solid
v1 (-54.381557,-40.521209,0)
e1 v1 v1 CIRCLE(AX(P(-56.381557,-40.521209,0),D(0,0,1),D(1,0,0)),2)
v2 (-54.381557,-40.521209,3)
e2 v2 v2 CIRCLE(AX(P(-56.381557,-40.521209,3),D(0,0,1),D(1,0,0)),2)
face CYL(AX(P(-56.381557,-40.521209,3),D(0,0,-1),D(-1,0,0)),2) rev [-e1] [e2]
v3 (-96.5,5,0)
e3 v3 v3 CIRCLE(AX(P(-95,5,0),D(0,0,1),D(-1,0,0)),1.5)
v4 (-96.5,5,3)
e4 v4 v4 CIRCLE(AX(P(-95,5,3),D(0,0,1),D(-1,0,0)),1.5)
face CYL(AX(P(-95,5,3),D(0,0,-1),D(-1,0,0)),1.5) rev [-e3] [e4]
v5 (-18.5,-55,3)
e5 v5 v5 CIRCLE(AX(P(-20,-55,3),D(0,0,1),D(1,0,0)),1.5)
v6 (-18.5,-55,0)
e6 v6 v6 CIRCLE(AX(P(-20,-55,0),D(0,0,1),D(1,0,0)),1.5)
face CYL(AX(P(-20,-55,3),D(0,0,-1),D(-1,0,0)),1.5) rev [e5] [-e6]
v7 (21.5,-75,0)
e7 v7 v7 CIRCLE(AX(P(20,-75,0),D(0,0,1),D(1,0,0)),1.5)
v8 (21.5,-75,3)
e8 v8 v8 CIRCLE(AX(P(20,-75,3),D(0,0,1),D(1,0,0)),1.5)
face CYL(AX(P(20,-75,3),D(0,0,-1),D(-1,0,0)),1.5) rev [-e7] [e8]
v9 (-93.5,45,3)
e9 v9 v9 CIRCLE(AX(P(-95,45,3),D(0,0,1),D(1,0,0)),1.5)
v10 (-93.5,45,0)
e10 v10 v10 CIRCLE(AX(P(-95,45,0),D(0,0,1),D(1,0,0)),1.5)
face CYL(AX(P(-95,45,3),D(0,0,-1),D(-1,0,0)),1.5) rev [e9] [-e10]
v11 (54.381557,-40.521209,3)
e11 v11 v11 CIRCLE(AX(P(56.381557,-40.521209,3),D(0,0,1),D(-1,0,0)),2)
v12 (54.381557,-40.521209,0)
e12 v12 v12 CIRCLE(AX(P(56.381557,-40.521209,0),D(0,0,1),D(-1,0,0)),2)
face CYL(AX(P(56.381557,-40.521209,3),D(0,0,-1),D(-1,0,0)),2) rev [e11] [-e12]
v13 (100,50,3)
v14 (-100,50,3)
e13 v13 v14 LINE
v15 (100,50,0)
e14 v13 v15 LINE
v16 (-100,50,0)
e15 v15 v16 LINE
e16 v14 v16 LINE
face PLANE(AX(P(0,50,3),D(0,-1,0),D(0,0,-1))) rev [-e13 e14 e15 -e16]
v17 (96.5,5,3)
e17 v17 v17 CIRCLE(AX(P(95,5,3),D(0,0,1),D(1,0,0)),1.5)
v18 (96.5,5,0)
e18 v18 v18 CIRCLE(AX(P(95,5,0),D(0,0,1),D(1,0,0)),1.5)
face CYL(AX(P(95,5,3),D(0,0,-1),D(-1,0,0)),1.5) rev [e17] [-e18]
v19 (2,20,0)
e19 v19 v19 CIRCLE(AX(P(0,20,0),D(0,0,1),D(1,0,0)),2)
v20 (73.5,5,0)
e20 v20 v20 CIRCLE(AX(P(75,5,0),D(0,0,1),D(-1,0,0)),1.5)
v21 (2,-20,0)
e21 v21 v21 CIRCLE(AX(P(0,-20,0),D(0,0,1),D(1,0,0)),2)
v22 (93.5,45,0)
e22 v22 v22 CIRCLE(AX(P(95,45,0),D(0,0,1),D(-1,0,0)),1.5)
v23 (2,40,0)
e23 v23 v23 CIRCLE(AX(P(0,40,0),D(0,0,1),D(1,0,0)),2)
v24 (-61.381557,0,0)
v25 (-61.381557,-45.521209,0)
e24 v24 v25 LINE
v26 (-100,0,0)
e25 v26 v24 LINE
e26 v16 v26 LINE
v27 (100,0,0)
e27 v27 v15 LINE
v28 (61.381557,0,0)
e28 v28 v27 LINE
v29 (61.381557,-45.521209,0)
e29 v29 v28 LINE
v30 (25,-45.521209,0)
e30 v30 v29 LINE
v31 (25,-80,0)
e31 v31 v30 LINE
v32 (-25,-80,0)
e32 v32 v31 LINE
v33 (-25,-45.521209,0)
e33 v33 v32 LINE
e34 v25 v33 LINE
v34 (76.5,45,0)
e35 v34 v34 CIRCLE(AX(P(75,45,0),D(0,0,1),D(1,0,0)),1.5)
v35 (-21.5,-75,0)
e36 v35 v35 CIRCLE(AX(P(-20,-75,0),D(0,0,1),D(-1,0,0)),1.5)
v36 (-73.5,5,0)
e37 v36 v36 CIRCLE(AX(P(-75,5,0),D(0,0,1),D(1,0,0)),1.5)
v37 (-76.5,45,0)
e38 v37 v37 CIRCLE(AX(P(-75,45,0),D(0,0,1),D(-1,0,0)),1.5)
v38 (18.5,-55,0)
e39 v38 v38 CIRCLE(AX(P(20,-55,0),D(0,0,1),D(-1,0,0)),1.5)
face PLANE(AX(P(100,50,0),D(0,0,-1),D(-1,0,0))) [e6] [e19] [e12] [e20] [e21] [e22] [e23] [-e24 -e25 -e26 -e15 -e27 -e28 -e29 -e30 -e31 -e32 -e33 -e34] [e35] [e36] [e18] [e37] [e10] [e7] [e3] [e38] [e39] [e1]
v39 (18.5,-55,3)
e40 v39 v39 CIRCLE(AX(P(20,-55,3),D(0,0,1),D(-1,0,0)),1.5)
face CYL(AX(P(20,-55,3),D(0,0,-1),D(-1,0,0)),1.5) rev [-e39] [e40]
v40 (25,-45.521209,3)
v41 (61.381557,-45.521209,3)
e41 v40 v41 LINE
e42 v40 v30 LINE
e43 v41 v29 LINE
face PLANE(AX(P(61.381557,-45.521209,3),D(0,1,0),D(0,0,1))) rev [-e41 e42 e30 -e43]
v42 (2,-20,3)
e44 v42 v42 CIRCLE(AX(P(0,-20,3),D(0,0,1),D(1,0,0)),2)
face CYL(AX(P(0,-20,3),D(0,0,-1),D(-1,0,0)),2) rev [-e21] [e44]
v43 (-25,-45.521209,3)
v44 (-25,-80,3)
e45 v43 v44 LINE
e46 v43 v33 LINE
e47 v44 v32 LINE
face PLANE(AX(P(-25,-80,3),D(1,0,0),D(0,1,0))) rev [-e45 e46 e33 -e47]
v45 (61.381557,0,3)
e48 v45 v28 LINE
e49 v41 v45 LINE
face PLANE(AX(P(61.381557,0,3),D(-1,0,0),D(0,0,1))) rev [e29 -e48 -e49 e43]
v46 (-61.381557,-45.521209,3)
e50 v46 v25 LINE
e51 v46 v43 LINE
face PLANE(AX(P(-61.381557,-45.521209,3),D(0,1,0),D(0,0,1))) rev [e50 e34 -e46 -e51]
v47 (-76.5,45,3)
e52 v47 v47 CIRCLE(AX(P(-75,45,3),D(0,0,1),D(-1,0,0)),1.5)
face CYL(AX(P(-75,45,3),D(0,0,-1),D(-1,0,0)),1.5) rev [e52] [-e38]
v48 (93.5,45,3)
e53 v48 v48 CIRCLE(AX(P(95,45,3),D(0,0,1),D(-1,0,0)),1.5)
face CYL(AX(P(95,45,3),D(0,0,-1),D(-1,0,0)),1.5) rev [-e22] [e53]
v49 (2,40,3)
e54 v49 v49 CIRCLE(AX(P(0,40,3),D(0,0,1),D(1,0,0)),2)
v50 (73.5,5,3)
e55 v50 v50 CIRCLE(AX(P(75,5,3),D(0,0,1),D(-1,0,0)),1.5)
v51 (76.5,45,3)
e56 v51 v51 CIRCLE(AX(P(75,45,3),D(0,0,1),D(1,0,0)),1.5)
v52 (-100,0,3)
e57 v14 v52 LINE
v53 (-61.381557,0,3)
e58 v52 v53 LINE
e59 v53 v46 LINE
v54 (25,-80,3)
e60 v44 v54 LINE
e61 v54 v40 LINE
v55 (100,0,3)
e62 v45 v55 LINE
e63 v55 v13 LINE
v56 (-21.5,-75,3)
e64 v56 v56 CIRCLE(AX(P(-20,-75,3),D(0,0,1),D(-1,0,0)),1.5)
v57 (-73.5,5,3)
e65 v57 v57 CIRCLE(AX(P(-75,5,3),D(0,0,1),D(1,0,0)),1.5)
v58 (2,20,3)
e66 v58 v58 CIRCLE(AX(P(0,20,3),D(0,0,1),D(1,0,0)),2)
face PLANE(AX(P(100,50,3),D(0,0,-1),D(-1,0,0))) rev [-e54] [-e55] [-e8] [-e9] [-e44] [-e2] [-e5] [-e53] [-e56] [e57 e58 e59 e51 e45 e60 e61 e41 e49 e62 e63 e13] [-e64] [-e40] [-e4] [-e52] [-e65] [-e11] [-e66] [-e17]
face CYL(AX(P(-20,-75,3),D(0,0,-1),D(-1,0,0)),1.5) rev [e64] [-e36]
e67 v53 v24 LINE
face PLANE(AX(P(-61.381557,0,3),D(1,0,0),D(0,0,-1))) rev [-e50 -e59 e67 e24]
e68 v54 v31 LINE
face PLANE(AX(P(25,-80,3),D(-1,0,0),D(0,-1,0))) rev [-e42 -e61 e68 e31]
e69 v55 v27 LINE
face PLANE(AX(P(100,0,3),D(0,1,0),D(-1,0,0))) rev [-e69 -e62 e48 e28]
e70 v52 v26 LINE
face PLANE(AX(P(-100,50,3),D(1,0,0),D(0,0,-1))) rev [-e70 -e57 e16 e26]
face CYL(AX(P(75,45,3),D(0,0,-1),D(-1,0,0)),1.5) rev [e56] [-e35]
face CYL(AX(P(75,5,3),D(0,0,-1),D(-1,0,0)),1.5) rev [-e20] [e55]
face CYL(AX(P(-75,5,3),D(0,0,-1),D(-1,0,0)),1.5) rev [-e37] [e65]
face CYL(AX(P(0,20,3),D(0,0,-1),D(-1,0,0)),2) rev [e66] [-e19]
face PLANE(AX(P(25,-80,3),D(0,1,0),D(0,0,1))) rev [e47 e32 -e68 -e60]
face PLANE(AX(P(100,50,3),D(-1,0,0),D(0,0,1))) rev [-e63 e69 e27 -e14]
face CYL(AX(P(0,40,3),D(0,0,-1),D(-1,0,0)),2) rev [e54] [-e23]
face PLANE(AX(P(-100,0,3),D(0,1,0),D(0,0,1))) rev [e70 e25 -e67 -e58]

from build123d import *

# Parameters (mm, degrees)
ESQUISSE1_R        = 2
ESQUISSE1_R_2      = 1.5
BOSS_EXTRU_1_DEPTH = 3


with BuildPart() as part:
    # Esquisse1 → Boss.-Extru.1 (new body)
    with BuildSketch(Plane.XY):
        Polygon((0, 50), (-100, 50), (-100, 0), (-61.381557247, 0), (-61.381557247, -45.5212086), (-25, -45.5212086), (-25, -80), (25, -80), (25, -45.5212086), (61.381557247, -45.5212086), (61.381557247, 0), (100, 0), (100, 50), align=None)
        with Locations((0, 20)):
            Circle(ESQUISSE1_R, mode=Mode.SUBTRACT)
        with Locations((0, -20)):
            Circle(ESQUISSE1_R, mode=Mode.SUBTRACT)
        with Locations((0, 40)):
            Circle(ESQUISSE1_R, mode=Mode.SUBTRACT)
        with Locations((-20, -55)):
            Circle(ESQUISSE1_R_2, mode=Mode.SUBTRACT)
        with Locations((20, -55)):
            Circle(ESQUISSE1_R_2, mode=Mode.SUBTRACT)
        with Locations((20, -75)):
            Circle(ESQUISSE1_R_2, mode=Mode.SUBTRACT)
        with Locations((-20, -75)):
            Circle(ESQUISSE1_R_2, mode=Mode.SUBTRACT)
        with Locations((-95, 45)):
            Circle(ESQUISSE1_R_2, mode=Mode.SUBTRACT)
        with Locations((-75, 45)):
            Circle(ESQUISSE1_R_2, mode=Mode.SUBTRACT)
        with Locations((-75, 5)):
            Circle(ESQUISSE1_R_2, mode=Mode.SUBTRACT)
        with Locations((-95, 5)):
            Circle(ESQUISSE1_R_2, mode=Mode.SUBTRACT)
        with Locations((75, 5)):
            Circle(ESQUISSE1_R_2, mode=Mode.SUBTRACT)
        with Locations((95, 5)):
            Circle(ESQUISSE1_R_2, mode=Mode.SUBTRACT)
        with Locations((75, 45)):
            Circle(ESQUISSE1_R_2, mode=Mode.SUBTRACT)
        with Locations((95, 45)):
            Circle(ESQUISSE1_R_2, mode=Mode.SUBTRACT)
        with Locations((56.381557247, -40.5212086)):
            Circle(ESQUISSE1_R, mode=Mode.SUBTRACT)
        with Locations((-56.381557247, -40.5212086)):
            Circle(ESQUISSE1_R, mode=Mode.SUBTRACT)
    extrude(amount=BOSS_EXTRU_1_DEPTH)


solid = part.part
